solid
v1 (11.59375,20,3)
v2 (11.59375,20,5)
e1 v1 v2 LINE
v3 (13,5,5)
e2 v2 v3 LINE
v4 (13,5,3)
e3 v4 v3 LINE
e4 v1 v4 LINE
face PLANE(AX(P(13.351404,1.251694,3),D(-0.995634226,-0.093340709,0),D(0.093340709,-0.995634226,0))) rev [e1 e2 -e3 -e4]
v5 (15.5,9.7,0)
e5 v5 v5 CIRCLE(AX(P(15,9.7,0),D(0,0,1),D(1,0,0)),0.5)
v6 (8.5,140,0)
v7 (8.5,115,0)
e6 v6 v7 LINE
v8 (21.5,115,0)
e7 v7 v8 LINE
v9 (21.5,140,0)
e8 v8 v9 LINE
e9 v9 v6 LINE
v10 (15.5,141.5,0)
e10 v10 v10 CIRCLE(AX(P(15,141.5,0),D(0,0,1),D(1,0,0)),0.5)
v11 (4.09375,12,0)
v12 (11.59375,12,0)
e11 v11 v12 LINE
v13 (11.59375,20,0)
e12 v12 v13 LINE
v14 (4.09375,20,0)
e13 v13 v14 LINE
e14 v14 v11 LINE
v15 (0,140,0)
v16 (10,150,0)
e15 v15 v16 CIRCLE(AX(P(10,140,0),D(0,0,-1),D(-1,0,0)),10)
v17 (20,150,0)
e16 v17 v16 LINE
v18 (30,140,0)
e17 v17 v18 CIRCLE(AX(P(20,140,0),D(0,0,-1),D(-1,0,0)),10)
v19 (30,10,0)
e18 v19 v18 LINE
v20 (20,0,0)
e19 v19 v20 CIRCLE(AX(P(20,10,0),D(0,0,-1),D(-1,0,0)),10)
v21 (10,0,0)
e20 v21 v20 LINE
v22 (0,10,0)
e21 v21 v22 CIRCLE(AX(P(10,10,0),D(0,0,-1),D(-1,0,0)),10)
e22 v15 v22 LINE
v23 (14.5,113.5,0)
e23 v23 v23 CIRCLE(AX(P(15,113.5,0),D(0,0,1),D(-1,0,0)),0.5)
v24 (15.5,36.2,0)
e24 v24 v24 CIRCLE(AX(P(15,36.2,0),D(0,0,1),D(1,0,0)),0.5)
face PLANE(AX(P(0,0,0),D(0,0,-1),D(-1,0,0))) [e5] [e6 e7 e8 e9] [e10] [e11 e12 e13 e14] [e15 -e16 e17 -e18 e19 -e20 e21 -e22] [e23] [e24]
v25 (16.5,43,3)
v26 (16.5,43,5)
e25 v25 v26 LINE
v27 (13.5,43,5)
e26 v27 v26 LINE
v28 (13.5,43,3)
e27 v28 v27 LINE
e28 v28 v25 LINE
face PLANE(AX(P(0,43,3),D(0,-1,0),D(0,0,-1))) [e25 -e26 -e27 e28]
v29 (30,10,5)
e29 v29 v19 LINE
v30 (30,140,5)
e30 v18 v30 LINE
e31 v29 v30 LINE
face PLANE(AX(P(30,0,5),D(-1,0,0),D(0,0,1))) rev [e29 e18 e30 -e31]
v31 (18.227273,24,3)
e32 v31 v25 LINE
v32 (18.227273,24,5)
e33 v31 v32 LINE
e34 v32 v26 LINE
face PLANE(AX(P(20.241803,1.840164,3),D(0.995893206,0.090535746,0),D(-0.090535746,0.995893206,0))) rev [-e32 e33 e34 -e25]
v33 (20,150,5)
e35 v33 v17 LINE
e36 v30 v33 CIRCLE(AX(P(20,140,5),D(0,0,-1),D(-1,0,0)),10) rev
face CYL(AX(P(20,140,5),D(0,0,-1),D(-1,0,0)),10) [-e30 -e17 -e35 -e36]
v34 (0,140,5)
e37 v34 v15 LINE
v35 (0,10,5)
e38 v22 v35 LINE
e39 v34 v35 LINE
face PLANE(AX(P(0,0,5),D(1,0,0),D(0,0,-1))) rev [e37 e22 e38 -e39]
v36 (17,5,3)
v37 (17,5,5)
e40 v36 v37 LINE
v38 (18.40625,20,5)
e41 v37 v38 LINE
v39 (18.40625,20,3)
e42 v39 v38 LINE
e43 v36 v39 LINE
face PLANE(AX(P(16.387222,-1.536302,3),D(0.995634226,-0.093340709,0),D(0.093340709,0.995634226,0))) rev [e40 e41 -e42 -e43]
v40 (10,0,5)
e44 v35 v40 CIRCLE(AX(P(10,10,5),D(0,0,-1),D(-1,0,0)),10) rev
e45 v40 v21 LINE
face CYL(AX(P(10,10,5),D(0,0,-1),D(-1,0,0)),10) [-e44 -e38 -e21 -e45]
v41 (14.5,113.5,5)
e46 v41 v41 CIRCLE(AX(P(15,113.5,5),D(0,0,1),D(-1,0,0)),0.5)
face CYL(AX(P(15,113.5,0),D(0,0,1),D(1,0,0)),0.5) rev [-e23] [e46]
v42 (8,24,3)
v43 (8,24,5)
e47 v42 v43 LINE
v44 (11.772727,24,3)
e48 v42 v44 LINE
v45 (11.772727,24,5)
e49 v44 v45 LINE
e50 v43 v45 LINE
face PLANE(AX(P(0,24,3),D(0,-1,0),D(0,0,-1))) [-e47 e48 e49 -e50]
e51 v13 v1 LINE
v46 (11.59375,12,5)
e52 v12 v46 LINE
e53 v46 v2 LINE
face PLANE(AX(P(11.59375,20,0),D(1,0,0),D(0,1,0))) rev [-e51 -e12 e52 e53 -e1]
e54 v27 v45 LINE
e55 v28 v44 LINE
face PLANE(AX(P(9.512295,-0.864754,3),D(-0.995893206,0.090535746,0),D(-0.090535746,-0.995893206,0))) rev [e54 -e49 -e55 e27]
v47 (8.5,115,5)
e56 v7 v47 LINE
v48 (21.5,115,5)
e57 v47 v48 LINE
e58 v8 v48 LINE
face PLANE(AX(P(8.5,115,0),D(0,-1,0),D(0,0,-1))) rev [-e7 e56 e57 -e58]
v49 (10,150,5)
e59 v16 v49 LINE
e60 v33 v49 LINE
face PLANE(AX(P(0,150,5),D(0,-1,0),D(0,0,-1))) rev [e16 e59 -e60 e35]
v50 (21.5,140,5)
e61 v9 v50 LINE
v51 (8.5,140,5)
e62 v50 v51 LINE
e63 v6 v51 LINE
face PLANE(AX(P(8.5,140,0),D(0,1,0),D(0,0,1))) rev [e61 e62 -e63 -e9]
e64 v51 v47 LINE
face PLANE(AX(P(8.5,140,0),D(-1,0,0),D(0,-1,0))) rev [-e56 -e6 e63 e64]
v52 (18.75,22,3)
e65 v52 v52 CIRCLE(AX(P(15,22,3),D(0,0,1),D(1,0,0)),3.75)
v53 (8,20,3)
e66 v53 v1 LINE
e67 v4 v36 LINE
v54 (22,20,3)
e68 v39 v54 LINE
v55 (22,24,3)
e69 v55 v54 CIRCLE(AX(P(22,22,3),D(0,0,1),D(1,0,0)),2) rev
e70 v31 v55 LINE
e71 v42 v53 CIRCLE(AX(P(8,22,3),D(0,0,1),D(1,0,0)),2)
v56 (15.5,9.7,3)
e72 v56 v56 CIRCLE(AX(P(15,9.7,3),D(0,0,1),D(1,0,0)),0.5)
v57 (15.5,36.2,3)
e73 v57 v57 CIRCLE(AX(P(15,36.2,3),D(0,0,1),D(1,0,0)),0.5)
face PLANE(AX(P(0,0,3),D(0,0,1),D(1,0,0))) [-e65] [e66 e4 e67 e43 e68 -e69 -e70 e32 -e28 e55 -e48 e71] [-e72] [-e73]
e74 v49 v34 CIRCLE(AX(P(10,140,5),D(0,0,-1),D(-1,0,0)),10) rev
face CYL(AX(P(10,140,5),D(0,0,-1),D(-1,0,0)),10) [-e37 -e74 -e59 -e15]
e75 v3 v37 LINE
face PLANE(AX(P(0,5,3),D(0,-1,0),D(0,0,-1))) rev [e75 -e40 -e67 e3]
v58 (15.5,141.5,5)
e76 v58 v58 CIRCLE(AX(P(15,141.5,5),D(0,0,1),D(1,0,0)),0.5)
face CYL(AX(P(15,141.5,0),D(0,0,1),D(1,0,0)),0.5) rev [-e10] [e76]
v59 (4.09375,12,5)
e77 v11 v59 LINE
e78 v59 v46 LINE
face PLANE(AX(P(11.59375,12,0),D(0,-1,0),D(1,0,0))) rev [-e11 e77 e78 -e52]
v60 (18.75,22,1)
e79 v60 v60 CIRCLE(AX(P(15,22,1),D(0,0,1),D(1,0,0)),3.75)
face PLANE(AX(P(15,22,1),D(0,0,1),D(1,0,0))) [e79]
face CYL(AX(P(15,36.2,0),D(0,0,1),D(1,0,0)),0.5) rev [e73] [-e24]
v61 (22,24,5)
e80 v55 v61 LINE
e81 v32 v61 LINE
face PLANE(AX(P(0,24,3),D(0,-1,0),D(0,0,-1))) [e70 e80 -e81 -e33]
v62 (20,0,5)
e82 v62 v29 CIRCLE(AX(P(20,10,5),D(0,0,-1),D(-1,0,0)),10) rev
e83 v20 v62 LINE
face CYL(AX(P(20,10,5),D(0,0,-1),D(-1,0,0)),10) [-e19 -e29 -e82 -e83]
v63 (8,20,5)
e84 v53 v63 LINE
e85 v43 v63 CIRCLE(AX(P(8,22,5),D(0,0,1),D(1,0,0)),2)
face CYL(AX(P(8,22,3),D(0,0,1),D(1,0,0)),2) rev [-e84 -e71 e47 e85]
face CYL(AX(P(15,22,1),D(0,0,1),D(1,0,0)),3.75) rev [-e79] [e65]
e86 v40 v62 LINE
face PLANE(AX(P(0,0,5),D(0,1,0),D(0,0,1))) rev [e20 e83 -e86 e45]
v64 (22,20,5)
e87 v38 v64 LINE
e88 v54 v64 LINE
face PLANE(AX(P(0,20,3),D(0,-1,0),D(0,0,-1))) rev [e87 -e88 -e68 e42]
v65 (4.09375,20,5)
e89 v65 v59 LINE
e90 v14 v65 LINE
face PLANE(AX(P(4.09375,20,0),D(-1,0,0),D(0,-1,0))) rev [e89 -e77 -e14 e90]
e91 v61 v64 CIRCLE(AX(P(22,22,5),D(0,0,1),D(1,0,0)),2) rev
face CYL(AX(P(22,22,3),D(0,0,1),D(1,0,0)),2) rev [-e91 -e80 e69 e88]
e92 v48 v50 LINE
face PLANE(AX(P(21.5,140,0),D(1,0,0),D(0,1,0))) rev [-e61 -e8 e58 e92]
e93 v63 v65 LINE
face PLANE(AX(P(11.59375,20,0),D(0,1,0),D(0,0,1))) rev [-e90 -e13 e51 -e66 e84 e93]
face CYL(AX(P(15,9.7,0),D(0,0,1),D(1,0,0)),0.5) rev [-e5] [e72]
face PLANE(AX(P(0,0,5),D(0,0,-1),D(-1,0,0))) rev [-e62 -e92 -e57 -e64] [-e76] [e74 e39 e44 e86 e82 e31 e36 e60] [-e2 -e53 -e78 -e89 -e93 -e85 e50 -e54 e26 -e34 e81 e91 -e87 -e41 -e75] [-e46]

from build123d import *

# Parameters (mm, degrees)
SKICA1_W                 = 30
SKICA1_H                 = 150
P_IDAT_VYSUNUT_M1_DEPTH  = 5
ZAOBLIT1_R               = 10
SKICA2_W                 = 13
SKICA2_H                 = 25
ODEBRAT_VYSUNUT_M1_DEPTH = 154.05227865
SKICA3_R                 = 0.5
ODEBRAT_VYSUNUT_M2_DEPTH = 154.05227865
ODEBRAT_VYSUNUT_M3_DEPTH = 2
SKICA5_R                 = 0.5
ODEBRAT_VYSUNUT_M4_DEPTH = 154
SKICA6_R                 = 3.75
ODEBRAT_VYSUNUT_M5_DEPTH = 2
SKICA7_W                 = 7.5
SKICA7_H                 = 8
ODEBRAT_VYSUNUT_M6_DEPTH = 154.05227865


with BuildPart() as part:
    # Skica1 → Přidat vysunutím1 (new body)
    with BuildSketch(Plane.XY):
        with Locations((15, 75)):
            Rectangle(SKICA1_W, SKICA1_H)
    extrude(amount=P_IDAT_VYSUNUT_M1_DEPTH)

    # Zaoblit1
    zaoblit1_edges = [part.edges().sort_by_distance(p)[0] for p in [
        (0, 150, 2.5),
        (30, 150, 2.5),
        (30, 0, 2.5),
        (0, 0, 2.5),
    ]]
    fillet(zaoblit1_edges, radius=ZAOBLIT1_R)

    # Skica2 → Odebrat vysunutím1 (cut, through all)
    with BuildSketch(Plane.XY.offset(5)):
        with Locations((15, 127.5)):
            Rectangle(SKICA2_W, SKICA2_H)
    extrude(amount=-ODEBRAT_VYSUNUT_M1_DEPTH, mode=Mode.SUBTRACT)

    # Skica3 → Odebrat vysunutím2 (cut, through all)
    with BuildSketch(Plane.XY.offset(5)):
        with Locations((15, 141.5)):
            Circle(SKICA3_R)
        with Locations(Location((15, 113.5, 0), (0, 0, 180))):
            Circle(SKICA3_R)
    extrude(amount=-ODEBRAT_VYSUNUT_M2_DEPTH, mode=Mode.SUBTRACT)

    # Skica4 → Odebrat vysunutím3 (cut)
    with BuildSketch(Plane.XY.offset(5)):
        Polygon((18.40625, 20), (11.59375, 20), (13, 5), (17, 5), align=None)
        Polygon((18.5, 21), (11.5, 21), (11.59375, 20), (18.40625, 20), align=None)
        Polygon((11.59375, 20), (11.5, 21), (11.772727273, 24), (8, 24), (8, 20), align=None)
        Polygon((11.772727273, 24), (11.5, 21), (18.5, 21), (18.227272727, 24), align=None)
        Polygon((18.227272727, 24), (18.5, 21), (18.40625, 20), (22, 20), (22, 24), align=None)
        with BuildLine():
            ThreePointArc((22, 24), (24, 22), (22, 20))
            Line((22, 20), (22, 24))
        make_face()
        with BuildLine():
            Line((8, 24), (8, 20))
            ThreePointArc((8, 20), (6, 22), (8, 24))
        make_face()
        Polygon((13.5, 43), (11.772727273, 24), (18.227272727, 24), (16.5, 43), align=None)
    extrude(amount=-ODEBRAT_VYSUNUT_M3_DEPTH, mode=Mode.SUBTRACT)

    # Skica5 → Odebrat vysunutím4 (cut, through all)
    with BuildSketch(Plane.XY.offset(3)):
        with Locations((15, 36.2)):
            Circle(SKICA5_R)
        with Locations((15, 9.7)):
            Circle(SKICA5_R)
    extrude(amount=-ODEBRAT_VYSUNUT_M4_DEPTH, mode=Mode.SUBTRACT)

    # Skica6 → Odebrat vysunutím5 (cut)
    with BuildSketch(Plane.XY.offset(3)):
        with Locations((15, 22)):
            Circle(SKICA6_R)
    extrude(amount=-ODEBRAT_VYSUNUT_M5_DEPTH, mode=Mode.SUBTRACT)

    # Skica7 → Odebrat vysunutím6 (cut, through all)
    with BuildSketch(Plane.XY.offset(5)):
        with Locations((7.84375, 16)):
            Rectangle(SKICA7_W, SKICA7_H)
    extrude(amount=-ODEBRAT_VYSUNUT_M6_DEPTH, mode=Mode.SUBTRACT)


solid = part.part
